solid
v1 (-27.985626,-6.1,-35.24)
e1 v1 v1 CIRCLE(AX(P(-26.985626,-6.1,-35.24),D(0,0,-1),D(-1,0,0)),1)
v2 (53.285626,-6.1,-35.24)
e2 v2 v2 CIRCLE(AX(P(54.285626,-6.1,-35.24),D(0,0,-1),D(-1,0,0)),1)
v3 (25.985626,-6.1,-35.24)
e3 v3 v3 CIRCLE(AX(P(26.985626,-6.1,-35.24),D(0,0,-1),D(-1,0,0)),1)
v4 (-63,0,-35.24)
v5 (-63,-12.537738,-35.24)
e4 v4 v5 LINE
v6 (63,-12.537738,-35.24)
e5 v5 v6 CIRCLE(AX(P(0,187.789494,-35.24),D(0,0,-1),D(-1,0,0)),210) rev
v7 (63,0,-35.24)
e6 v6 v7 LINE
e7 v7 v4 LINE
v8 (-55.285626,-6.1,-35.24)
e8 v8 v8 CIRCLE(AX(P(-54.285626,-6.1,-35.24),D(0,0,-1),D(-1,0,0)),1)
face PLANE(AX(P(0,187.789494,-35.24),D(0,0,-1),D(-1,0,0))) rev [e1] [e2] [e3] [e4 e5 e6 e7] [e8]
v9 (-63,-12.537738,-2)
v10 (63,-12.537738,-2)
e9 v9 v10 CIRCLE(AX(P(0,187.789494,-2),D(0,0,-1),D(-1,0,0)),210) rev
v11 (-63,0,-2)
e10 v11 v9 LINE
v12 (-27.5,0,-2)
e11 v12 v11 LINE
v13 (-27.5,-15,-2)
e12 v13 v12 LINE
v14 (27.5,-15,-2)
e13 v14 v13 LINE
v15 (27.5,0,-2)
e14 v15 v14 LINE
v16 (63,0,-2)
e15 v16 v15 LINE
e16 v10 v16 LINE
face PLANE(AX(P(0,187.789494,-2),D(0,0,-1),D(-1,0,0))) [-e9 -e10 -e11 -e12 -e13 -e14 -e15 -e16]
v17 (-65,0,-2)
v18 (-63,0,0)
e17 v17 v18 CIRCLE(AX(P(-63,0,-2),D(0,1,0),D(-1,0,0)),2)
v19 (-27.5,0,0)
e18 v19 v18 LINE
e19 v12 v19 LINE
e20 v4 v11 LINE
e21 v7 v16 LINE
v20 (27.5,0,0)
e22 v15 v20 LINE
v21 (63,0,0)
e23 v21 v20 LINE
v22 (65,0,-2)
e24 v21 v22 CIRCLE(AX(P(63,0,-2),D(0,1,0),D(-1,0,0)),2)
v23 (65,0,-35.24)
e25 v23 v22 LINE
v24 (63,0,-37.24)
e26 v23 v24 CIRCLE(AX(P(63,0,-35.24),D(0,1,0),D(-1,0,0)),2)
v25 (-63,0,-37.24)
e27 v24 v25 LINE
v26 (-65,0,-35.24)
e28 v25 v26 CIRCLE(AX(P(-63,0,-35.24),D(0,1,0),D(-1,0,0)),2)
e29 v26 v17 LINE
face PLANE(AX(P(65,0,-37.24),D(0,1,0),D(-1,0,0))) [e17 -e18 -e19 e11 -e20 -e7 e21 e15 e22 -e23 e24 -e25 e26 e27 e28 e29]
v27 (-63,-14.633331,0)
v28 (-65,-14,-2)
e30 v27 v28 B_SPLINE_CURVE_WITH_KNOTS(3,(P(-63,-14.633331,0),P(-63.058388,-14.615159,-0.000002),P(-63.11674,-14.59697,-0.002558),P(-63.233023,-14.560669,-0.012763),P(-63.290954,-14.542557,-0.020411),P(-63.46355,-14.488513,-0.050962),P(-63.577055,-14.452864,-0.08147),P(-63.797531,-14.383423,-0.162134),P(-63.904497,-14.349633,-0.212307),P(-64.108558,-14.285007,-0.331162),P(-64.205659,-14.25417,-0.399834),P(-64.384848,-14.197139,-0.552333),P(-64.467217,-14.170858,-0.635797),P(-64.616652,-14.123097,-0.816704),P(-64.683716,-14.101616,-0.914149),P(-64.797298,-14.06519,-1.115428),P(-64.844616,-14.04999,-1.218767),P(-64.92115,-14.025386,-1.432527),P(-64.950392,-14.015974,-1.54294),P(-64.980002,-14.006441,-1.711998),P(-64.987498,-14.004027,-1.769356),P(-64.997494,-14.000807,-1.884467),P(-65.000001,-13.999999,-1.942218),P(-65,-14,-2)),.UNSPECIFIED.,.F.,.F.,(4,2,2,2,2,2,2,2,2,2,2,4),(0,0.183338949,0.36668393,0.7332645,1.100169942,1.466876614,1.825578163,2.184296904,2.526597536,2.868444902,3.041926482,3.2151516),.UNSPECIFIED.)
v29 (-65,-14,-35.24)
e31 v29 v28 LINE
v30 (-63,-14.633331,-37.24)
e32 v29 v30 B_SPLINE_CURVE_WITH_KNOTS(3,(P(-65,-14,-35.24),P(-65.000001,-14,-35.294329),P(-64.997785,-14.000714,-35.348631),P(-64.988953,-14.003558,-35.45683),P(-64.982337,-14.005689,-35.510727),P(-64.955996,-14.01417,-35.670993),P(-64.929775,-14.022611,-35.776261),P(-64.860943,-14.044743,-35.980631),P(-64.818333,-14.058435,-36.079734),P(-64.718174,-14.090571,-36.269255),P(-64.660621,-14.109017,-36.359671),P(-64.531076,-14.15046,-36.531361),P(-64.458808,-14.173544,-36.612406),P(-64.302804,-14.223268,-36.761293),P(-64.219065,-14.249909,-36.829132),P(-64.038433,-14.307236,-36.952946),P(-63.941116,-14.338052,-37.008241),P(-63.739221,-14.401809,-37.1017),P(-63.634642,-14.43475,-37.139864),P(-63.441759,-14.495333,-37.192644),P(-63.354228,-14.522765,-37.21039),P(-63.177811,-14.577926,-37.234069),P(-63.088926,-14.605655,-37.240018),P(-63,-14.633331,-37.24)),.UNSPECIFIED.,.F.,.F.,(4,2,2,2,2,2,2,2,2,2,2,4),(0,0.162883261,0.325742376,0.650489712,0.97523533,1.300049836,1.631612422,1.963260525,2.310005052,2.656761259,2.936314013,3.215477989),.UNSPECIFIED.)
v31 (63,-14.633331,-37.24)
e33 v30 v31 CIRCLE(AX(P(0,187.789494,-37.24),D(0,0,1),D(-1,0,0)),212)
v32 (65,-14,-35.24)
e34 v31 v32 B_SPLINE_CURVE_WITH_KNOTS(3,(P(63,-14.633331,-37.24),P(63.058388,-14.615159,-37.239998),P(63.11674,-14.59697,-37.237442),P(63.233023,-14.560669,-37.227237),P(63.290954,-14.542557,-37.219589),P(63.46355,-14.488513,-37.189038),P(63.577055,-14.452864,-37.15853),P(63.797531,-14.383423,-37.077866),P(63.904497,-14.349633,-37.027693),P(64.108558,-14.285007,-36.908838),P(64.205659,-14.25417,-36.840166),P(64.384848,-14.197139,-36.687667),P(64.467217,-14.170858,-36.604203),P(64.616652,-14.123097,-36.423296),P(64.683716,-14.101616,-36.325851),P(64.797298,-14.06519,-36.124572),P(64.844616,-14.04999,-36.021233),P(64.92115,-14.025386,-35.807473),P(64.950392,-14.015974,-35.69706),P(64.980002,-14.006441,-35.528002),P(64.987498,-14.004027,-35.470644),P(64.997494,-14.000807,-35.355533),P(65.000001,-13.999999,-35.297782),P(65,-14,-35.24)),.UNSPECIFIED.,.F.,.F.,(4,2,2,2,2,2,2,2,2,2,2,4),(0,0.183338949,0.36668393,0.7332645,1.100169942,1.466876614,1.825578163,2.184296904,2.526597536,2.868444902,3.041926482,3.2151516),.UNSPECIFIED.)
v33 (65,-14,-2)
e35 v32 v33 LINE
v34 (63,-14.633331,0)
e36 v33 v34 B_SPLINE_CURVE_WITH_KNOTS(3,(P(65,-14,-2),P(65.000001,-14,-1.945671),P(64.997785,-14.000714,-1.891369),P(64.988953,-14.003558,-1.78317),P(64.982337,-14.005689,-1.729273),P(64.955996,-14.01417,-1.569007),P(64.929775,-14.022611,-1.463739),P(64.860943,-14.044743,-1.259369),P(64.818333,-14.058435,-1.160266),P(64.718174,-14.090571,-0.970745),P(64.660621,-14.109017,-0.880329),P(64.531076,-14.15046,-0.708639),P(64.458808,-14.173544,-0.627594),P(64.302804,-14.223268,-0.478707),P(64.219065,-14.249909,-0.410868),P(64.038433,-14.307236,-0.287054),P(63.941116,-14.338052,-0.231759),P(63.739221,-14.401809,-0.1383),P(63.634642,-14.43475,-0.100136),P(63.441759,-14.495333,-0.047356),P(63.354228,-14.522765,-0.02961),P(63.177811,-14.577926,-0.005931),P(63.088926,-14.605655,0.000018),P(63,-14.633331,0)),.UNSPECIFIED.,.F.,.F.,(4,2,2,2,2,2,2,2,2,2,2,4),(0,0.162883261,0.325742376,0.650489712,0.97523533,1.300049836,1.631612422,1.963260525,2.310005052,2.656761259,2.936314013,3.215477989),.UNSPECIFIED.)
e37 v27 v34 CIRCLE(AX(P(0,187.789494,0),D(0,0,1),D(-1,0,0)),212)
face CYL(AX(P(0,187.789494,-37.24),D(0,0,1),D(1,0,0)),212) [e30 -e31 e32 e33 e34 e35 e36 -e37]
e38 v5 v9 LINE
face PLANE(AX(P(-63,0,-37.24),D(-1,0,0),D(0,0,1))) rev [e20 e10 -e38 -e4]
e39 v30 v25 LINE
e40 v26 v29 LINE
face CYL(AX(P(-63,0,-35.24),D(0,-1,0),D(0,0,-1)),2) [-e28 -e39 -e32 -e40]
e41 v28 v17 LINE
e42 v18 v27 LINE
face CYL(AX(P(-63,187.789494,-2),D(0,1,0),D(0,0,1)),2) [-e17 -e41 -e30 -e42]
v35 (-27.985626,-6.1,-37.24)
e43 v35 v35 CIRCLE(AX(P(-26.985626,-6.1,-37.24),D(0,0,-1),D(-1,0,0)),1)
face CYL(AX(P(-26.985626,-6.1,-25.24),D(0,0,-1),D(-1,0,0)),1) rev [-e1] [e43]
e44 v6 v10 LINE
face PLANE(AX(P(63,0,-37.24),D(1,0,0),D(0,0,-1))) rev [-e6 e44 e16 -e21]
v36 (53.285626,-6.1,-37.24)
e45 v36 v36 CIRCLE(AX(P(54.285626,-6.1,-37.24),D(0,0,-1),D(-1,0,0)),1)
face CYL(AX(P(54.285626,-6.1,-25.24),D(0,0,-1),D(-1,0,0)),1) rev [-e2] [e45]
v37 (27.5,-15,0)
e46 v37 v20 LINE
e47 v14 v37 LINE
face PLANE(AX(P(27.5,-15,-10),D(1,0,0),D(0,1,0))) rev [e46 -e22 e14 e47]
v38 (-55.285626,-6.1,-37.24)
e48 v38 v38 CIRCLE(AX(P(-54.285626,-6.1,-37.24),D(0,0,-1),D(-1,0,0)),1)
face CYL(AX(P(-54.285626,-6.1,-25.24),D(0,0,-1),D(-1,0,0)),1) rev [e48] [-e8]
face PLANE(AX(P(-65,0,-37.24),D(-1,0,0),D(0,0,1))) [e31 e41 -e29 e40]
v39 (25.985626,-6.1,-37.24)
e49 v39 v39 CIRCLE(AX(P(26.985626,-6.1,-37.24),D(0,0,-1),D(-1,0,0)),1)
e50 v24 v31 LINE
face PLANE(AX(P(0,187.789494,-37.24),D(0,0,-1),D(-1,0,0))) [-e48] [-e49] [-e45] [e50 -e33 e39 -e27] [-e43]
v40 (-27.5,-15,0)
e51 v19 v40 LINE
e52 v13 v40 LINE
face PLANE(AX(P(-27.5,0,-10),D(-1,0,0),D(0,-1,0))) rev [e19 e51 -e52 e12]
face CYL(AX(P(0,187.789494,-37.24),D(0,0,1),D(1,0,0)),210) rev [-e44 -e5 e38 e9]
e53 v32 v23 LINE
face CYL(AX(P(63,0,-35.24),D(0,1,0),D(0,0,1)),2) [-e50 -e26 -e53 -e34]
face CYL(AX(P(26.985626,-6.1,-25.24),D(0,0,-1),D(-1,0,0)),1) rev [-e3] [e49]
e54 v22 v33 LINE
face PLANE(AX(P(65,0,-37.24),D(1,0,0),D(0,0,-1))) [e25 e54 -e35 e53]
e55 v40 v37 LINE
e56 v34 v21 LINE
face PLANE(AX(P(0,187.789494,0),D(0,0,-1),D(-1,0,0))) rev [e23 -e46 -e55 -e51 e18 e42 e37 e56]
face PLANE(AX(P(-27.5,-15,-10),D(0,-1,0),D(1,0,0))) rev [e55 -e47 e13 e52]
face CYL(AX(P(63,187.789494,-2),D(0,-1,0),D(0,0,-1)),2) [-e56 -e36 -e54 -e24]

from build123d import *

# Parameters (mm, degrees)
BOSS_EXTRUDE1_DEPTH = 37.24
SHELL1_T            = -2
SKETCH2_W           = 55
SKETCH2_H           = 15
CUT_EXTRUDE1_DEPTH  = 10
SKETCH3_R           = 1
CUT_EXTRUDE2_DEPTH  = 12
FILLET1_R           = 2


with BuildPart() as part:
    # Sketch1 → Boss-Extrude1 (new body)
    with BuildSketch(Plane.XY):
        with BuildLine():
            Line((65, 0), (-65, 0))
            Line((-65, 0), (-65, -14))
            ThreePointArc((-65, -14), (0, -24.210505724), (65, -14))
            Line((65, -14), (65, 0))
        make_face()
    extrude(amount=-BOSS_EXTRUDE1_DEPTH)

    # Shell1
    shell1_openings = [part.faces().sort_by_distance(p)[0] for p in [
        (0, 0, -18.62),
    ]]
    offset(amount=SHELL1_T, openings=shell1_openings, kind=Kind.INTERSECTION)

    # Sketch2 → Cut-Extrude1 (cut)
    with BuildSketch(Plane.XY):
        with Locations((0, -7.5)):
            Rectangle(SKETCH2_W, SKETCH2_H)
    extrude(amount=-CUT_EXTRUDE1_DEPTH, mode=Mode.SUBTRACT)

    # Sketch3 → Cut-Extrude2 (cut)
    with BuildSketch(Plane(origin=(0, 0, -37.24), x_dir=(-1, 0, 0), z_dir=(0, 0, -1))):
        with Locations((-54.285626074, -6.1)):
            Circle(SKETCH3_R)
        with Locations((-26.985626074, -6.1)):
            Circle(SKETCH3_R)
        with Locations((54.285626074, -6.1)):
            Circle(SKETCH3_R)
        with Locations((26.985626074, -6.1)):
            Circle(SKETCH3_R)
    extrude(amount=-CUT_EXTRUDE2_DEPTH, mode=Mode.SUBTRACT)

    # Fillet1
    fillet1_edges = [part.edges().sort_by_distance(p)[0] for p in [
        (65, -7, -37.24),
        (-65, -7, -37.24),
        (65, -7, 0),
        (-65, -7, 0),
    ]]
    fillet(fillet1_edges, radius=FILLET1_R)


solid = part.part
